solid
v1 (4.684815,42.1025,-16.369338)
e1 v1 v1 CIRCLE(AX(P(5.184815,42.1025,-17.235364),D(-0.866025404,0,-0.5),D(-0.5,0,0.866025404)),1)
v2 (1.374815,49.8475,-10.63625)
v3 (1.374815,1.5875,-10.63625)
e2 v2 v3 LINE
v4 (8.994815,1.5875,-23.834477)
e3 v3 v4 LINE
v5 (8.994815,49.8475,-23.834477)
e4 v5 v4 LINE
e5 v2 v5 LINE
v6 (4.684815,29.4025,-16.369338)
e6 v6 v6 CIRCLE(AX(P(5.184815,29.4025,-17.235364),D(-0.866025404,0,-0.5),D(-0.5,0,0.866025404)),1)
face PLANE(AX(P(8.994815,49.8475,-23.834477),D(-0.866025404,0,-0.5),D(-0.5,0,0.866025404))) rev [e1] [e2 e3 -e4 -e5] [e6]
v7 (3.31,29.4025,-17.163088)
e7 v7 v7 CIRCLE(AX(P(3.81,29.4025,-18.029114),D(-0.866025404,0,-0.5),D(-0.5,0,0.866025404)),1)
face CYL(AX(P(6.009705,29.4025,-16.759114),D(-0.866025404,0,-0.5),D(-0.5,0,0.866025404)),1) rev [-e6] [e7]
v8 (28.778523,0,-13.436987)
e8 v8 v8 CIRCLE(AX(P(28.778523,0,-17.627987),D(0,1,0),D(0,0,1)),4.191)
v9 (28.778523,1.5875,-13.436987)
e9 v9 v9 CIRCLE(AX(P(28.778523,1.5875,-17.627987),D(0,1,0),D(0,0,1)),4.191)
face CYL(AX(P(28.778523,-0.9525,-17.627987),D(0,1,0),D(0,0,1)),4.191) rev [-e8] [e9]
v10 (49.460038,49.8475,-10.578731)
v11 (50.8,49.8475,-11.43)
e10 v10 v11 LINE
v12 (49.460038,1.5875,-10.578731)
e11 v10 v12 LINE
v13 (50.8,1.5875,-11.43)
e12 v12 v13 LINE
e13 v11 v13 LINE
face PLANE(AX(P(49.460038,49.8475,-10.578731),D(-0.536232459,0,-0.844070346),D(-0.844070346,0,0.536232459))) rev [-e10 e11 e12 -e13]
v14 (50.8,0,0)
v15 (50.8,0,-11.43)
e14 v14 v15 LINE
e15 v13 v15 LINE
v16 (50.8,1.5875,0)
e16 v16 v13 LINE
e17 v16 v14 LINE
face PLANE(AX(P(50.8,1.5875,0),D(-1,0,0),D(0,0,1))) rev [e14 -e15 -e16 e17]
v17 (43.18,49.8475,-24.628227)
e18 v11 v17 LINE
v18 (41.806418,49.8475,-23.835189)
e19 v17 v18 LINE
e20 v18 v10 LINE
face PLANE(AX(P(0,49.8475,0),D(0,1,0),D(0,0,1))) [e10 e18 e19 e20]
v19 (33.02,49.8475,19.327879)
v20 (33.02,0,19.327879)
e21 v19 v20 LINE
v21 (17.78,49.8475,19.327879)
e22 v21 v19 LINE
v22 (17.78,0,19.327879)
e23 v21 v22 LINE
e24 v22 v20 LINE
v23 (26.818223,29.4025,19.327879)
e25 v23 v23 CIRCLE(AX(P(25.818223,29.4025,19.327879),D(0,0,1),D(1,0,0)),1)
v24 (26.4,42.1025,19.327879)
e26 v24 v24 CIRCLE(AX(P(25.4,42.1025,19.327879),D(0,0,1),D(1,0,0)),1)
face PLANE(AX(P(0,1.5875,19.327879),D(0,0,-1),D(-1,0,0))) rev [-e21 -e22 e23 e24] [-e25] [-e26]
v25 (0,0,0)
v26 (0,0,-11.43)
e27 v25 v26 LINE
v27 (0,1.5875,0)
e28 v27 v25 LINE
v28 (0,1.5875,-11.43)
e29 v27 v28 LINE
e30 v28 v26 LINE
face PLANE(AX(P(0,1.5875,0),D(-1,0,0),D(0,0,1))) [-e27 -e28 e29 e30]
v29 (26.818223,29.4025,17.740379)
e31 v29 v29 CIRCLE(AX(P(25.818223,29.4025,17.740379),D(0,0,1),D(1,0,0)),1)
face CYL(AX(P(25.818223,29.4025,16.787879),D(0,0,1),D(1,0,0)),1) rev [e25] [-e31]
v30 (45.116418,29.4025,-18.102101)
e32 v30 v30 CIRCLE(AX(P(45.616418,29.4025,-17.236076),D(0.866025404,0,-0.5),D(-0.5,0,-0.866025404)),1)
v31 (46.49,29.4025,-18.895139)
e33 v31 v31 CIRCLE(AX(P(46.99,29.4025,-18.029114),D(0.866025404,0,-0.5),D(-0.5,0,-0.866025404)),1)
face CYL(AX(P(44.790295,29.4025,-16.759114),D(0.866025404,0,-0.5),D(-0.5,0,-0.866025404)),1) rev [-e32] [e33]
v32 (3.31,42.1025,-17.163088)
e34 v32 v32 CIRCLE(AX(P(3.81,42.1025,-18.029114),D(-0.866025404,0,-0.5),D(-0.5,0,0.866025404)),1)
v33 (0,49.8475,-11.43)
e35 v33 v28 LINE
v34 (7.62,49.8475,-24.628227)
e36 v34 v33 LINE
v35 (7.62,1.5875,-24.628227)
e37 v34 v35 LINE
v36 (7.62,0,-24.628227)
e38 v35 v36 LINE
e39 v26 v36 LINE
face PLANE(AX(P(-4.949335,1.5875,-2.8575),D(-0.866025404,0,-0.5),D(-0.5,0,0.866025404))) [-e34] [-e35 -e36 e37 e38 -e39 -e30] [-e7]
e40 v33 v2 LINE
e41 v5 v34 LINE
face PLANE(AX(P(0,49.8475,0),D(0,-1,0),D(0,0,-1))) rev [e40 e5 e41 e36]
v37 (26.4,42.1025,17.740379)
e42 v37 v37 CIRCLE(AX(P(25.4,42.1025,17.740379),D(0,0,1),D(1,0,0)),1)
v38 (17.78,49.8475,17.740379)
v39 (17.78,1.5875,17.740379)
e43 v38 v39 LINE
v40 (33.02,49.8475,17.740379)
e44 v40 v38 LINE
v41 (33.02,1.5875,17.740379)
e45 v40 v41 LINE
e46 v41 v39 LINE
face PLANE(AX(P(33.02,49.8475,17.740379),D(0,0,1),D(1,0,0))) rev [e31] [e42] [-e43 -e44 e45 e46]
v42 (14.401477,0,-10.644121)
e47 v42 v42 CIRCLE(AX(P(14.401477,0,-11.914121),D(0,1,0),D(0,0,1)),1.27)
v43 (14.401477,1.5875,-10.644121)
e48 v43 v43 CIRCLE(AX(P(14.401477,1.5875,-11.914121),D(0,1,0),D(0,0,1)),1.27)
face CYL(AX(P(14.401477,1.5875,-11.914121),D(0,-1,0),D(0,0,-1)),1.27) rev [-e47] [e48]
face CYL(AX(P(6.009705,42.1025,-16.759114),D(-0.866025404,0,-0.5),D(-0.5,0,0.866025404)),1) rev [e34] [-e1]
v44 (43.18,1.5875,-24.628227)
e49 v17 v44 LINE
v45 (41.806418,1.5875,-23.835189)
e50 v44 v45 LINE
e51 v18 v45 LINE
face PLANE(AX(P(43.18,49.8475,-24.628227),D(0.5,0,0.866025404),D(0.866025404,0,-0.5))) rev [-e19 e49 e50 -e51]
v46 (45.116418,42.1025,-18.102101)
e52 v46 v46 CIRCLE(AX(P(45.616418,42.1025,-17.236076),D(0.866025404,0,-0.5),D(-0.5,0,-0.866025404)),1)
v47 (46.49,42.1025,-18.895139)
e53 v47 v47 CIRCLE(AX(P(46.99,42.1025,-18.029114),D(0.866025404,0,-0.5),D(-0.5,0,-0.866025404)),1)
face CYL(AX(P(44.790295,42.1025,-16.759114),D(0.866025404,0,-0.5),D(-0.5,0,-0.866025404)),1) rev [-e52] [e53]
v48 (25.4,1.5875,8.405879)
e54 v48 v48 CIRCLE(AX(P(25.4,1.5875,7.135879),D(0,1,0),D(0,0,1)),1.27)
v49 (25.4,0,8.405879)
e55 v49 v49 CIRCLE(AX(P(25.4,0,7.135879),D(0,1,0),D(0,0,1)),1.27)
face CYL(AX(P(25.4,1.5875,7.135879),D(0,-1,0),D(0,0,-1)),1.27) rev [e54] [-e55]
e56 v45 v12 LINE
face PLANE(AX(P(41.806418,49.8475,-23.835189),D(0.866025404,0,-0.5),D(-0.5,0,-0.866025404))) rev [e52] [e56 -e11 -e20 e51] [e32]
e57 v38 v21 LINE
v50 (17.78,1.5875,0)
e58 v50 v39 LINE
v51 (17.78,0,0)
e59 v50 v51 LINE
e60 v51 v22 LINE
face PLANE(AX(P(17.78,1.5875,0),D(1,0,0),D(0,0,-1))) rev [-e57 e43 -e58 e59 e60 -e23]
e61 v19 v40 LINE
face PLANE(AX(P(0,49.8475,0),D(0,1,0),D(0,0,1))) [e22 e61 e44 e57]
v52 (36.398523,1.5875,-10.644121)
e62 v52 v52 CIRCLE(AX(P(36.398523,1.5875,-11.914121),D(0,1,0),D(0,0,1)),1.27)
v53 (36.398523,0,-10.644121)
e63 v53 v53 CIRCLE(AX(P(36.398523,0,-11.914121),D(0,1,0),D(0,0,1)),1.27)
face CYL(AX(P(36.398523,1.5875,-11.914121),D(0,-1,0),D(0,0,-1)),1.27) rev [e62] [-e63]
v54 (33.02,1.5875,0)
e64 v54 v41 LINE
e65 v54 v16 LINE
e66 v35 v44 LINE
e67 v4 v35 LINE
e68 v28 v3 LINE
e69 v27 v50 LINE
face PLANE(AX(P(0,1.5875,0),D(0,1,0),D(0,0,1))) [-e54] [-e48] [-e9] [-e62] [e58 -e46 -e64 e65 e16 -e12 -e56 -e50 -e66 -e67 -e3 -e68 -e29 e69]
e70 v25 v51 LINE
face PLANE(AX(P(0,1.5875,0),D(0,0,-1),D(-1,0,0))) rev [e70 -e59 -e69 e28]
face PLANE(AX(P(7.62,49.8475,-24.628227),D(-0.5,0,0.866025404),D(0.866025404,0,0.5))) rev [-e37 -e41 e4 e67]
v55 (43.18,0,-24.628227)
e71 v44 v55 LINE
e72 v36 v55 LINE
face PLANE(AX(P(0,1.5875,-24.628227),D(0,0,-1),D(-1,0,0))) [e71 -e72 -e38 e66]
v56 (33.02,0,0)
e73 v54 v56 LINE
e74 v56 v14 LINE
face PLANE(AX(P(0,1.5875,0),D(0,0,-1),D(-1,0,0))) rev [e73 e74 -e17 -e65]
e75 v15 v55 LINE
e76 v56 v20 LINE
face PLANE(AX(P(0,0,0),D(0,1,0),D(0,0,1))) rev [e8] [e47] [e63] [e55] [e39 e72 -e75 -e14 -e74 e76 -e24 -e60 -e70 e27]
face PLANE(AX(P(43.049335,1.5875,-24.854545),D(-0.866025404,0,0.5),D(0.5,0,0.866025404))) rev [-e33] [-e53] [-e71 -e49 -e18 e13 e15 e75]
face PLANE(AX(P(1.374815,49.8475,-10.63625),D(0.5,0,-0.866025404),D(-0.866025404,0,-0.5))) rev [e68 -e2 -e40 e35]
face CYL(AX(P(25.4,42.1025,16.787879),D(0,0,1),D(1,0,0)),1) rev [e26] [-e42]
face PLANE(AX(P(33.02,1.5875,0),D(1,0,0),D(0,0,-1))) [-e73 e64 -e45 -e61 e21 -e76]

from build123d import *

# Parameters (mm, degrees)
SKETCH1_R           = 1.27
BOSS_EXTRUDE2_DEPTH = 1.5875
SKETCH2_W           = 15.24
SKETCH2_H           = 1.5875
BOSS_EXTRUDE3_DEPTH = 48.26
SKETCH3_R           = 4.191
CUT_EXTRUDE1_DEPTH  = 2.54
SKETCH4_R           = 1
CUT_EXTRUDE2_DEPTH  = 2.54
SKETCH5_R           = 1
CUT_EXTRUDE3_DEPTH  = 2.54
SKETCH6_R           = 1
CUT_EXTRUDE4_DEPTH  = 2.54


with BuildPart() as part:
    # Sketch1 → Boss-Extrude2 (new body)
    with BuildSketch(Plane(origin=(0, 0, 0), x_dir=(1, 0, 0), z_dir=(0, 1, 0))):
        Polygon((50.8, 0), (50.8, 11.43), (43.18, 24.628227154), (7.62, 24.628227154), (0, 11.43), (0, 0), (17.78, 0), (17.78, -19.327878735), (33.02, -19.327878735), (33.02, 0), align=None)
        with Locations(Location((14.401477372, 11.914121265, 0), (0, 0, 270))):
            Circle(SKETCH1_R, mode=Mode.SUBTRACT)
        with Locations(Location((36.398522628, 11.914121265, 0), (0, 0, 270))):
            Circle(SKETCH1_R, mode=Mode.SUBTRACT)
        with Locations(Location((25.4, -7.135878735, 0), (0, 0, 270))):
            Circle(SKETCH1_R, mode=Mode.SUBTRACT)
    extrude(amount=BOSS_EXTRUDE2_DEPTH)

    # Sketch2 → Boss-Extrude3 (add)
    with BuildSketch(Plane(origin=(0, 1.5875, 0), x_dir=(1, 0, 0), z_dir=(0, 1, 0))):
        with Locations((25.4, -18.534128735)):
            Rectangle(SKETCH2_W, SKETCH2_H)
        Polygon((0, 11.43), (7.62, 24.628227154), (8.994815329, 23.834477154), (1.374815329, 10.63625), align=None)
        Polygon((50.8, 11.43), (43.18, 24.628227154), (41.806418442, 23.835189471), (49.460038325, 10.578730971), align=None)
    extrude(amount=BOSS_EXTRUDE3_DEPTH)

    # Sketch3 → Cut-Extrude1 (cut)
    with BuildSketch(Plane(origin=(0, 1.5875, 0), x_dir=(1, 0, 0), z_dir=(0, 1, 0))):
        with Locations(Location((28.778522628, 17.627987154, 0), (0, 0, 270))):
            Circle(SKETCH3_R)
    extrude(amount=-CUT_EXTRUDE1_DEPTH, mode=Mode.SUBTRACT)

    # Sketch4 → Cut-Extrude2 (cut)
    with BuildSketch(Plane(origin=(43.049335183, 0, -24.854545256), x_dir=(-0.5000000000000016, 0, -0.8660254037844378), z_dir=(0.8660254037844378, 0, -0.5000000000000016))):
        with Locations((-7.881329635, 42.1025)):
            Circle(SKETCH4_R)
        with Locations((-7.881329635, 29.4025)):
            Circle(SKETCH4_R)
    extrude(amount=-CUT_EXTRUDE2_DEPTH, mode=Mode.SUBTRACT)

    # Sketch5 → Cut-Extrude3 (cut)
    with BuildSketch(Plane(origin=(-4.949335183, 0, -2.8575), x_dir=(-0.5000000000000012, 0, 0.866025403784438), z_dir=(-0.8660254037844379, 0, -0.5000000000000011))):
        with Locations((-17.518670365, 42.1025)):
            Circle(SKETCH5_R)
        with Locations((-17.518670365, 29.4025)):
            Circle(SKETCH5_R)
    extrude(amount=-CUT_EXTRUDE3_DEPTH, mode=Mode.SUBTRACT)

    # Sketch6 → Cut-Extrude4 (cut)
    with BuildSketch(Plane.XY.offset(19.327878735)):
        with Locations((25.4, 42.1025)):
            Circle(SKETCH6_R)
        with Locations((25.818223449, 29.4025)):
            Circle(SKETCH6_R)
    extrude(amount=-CUT_EXTRUDE4_DEPTH, mode=Mode.SUBTRACT)


solid = part.part
